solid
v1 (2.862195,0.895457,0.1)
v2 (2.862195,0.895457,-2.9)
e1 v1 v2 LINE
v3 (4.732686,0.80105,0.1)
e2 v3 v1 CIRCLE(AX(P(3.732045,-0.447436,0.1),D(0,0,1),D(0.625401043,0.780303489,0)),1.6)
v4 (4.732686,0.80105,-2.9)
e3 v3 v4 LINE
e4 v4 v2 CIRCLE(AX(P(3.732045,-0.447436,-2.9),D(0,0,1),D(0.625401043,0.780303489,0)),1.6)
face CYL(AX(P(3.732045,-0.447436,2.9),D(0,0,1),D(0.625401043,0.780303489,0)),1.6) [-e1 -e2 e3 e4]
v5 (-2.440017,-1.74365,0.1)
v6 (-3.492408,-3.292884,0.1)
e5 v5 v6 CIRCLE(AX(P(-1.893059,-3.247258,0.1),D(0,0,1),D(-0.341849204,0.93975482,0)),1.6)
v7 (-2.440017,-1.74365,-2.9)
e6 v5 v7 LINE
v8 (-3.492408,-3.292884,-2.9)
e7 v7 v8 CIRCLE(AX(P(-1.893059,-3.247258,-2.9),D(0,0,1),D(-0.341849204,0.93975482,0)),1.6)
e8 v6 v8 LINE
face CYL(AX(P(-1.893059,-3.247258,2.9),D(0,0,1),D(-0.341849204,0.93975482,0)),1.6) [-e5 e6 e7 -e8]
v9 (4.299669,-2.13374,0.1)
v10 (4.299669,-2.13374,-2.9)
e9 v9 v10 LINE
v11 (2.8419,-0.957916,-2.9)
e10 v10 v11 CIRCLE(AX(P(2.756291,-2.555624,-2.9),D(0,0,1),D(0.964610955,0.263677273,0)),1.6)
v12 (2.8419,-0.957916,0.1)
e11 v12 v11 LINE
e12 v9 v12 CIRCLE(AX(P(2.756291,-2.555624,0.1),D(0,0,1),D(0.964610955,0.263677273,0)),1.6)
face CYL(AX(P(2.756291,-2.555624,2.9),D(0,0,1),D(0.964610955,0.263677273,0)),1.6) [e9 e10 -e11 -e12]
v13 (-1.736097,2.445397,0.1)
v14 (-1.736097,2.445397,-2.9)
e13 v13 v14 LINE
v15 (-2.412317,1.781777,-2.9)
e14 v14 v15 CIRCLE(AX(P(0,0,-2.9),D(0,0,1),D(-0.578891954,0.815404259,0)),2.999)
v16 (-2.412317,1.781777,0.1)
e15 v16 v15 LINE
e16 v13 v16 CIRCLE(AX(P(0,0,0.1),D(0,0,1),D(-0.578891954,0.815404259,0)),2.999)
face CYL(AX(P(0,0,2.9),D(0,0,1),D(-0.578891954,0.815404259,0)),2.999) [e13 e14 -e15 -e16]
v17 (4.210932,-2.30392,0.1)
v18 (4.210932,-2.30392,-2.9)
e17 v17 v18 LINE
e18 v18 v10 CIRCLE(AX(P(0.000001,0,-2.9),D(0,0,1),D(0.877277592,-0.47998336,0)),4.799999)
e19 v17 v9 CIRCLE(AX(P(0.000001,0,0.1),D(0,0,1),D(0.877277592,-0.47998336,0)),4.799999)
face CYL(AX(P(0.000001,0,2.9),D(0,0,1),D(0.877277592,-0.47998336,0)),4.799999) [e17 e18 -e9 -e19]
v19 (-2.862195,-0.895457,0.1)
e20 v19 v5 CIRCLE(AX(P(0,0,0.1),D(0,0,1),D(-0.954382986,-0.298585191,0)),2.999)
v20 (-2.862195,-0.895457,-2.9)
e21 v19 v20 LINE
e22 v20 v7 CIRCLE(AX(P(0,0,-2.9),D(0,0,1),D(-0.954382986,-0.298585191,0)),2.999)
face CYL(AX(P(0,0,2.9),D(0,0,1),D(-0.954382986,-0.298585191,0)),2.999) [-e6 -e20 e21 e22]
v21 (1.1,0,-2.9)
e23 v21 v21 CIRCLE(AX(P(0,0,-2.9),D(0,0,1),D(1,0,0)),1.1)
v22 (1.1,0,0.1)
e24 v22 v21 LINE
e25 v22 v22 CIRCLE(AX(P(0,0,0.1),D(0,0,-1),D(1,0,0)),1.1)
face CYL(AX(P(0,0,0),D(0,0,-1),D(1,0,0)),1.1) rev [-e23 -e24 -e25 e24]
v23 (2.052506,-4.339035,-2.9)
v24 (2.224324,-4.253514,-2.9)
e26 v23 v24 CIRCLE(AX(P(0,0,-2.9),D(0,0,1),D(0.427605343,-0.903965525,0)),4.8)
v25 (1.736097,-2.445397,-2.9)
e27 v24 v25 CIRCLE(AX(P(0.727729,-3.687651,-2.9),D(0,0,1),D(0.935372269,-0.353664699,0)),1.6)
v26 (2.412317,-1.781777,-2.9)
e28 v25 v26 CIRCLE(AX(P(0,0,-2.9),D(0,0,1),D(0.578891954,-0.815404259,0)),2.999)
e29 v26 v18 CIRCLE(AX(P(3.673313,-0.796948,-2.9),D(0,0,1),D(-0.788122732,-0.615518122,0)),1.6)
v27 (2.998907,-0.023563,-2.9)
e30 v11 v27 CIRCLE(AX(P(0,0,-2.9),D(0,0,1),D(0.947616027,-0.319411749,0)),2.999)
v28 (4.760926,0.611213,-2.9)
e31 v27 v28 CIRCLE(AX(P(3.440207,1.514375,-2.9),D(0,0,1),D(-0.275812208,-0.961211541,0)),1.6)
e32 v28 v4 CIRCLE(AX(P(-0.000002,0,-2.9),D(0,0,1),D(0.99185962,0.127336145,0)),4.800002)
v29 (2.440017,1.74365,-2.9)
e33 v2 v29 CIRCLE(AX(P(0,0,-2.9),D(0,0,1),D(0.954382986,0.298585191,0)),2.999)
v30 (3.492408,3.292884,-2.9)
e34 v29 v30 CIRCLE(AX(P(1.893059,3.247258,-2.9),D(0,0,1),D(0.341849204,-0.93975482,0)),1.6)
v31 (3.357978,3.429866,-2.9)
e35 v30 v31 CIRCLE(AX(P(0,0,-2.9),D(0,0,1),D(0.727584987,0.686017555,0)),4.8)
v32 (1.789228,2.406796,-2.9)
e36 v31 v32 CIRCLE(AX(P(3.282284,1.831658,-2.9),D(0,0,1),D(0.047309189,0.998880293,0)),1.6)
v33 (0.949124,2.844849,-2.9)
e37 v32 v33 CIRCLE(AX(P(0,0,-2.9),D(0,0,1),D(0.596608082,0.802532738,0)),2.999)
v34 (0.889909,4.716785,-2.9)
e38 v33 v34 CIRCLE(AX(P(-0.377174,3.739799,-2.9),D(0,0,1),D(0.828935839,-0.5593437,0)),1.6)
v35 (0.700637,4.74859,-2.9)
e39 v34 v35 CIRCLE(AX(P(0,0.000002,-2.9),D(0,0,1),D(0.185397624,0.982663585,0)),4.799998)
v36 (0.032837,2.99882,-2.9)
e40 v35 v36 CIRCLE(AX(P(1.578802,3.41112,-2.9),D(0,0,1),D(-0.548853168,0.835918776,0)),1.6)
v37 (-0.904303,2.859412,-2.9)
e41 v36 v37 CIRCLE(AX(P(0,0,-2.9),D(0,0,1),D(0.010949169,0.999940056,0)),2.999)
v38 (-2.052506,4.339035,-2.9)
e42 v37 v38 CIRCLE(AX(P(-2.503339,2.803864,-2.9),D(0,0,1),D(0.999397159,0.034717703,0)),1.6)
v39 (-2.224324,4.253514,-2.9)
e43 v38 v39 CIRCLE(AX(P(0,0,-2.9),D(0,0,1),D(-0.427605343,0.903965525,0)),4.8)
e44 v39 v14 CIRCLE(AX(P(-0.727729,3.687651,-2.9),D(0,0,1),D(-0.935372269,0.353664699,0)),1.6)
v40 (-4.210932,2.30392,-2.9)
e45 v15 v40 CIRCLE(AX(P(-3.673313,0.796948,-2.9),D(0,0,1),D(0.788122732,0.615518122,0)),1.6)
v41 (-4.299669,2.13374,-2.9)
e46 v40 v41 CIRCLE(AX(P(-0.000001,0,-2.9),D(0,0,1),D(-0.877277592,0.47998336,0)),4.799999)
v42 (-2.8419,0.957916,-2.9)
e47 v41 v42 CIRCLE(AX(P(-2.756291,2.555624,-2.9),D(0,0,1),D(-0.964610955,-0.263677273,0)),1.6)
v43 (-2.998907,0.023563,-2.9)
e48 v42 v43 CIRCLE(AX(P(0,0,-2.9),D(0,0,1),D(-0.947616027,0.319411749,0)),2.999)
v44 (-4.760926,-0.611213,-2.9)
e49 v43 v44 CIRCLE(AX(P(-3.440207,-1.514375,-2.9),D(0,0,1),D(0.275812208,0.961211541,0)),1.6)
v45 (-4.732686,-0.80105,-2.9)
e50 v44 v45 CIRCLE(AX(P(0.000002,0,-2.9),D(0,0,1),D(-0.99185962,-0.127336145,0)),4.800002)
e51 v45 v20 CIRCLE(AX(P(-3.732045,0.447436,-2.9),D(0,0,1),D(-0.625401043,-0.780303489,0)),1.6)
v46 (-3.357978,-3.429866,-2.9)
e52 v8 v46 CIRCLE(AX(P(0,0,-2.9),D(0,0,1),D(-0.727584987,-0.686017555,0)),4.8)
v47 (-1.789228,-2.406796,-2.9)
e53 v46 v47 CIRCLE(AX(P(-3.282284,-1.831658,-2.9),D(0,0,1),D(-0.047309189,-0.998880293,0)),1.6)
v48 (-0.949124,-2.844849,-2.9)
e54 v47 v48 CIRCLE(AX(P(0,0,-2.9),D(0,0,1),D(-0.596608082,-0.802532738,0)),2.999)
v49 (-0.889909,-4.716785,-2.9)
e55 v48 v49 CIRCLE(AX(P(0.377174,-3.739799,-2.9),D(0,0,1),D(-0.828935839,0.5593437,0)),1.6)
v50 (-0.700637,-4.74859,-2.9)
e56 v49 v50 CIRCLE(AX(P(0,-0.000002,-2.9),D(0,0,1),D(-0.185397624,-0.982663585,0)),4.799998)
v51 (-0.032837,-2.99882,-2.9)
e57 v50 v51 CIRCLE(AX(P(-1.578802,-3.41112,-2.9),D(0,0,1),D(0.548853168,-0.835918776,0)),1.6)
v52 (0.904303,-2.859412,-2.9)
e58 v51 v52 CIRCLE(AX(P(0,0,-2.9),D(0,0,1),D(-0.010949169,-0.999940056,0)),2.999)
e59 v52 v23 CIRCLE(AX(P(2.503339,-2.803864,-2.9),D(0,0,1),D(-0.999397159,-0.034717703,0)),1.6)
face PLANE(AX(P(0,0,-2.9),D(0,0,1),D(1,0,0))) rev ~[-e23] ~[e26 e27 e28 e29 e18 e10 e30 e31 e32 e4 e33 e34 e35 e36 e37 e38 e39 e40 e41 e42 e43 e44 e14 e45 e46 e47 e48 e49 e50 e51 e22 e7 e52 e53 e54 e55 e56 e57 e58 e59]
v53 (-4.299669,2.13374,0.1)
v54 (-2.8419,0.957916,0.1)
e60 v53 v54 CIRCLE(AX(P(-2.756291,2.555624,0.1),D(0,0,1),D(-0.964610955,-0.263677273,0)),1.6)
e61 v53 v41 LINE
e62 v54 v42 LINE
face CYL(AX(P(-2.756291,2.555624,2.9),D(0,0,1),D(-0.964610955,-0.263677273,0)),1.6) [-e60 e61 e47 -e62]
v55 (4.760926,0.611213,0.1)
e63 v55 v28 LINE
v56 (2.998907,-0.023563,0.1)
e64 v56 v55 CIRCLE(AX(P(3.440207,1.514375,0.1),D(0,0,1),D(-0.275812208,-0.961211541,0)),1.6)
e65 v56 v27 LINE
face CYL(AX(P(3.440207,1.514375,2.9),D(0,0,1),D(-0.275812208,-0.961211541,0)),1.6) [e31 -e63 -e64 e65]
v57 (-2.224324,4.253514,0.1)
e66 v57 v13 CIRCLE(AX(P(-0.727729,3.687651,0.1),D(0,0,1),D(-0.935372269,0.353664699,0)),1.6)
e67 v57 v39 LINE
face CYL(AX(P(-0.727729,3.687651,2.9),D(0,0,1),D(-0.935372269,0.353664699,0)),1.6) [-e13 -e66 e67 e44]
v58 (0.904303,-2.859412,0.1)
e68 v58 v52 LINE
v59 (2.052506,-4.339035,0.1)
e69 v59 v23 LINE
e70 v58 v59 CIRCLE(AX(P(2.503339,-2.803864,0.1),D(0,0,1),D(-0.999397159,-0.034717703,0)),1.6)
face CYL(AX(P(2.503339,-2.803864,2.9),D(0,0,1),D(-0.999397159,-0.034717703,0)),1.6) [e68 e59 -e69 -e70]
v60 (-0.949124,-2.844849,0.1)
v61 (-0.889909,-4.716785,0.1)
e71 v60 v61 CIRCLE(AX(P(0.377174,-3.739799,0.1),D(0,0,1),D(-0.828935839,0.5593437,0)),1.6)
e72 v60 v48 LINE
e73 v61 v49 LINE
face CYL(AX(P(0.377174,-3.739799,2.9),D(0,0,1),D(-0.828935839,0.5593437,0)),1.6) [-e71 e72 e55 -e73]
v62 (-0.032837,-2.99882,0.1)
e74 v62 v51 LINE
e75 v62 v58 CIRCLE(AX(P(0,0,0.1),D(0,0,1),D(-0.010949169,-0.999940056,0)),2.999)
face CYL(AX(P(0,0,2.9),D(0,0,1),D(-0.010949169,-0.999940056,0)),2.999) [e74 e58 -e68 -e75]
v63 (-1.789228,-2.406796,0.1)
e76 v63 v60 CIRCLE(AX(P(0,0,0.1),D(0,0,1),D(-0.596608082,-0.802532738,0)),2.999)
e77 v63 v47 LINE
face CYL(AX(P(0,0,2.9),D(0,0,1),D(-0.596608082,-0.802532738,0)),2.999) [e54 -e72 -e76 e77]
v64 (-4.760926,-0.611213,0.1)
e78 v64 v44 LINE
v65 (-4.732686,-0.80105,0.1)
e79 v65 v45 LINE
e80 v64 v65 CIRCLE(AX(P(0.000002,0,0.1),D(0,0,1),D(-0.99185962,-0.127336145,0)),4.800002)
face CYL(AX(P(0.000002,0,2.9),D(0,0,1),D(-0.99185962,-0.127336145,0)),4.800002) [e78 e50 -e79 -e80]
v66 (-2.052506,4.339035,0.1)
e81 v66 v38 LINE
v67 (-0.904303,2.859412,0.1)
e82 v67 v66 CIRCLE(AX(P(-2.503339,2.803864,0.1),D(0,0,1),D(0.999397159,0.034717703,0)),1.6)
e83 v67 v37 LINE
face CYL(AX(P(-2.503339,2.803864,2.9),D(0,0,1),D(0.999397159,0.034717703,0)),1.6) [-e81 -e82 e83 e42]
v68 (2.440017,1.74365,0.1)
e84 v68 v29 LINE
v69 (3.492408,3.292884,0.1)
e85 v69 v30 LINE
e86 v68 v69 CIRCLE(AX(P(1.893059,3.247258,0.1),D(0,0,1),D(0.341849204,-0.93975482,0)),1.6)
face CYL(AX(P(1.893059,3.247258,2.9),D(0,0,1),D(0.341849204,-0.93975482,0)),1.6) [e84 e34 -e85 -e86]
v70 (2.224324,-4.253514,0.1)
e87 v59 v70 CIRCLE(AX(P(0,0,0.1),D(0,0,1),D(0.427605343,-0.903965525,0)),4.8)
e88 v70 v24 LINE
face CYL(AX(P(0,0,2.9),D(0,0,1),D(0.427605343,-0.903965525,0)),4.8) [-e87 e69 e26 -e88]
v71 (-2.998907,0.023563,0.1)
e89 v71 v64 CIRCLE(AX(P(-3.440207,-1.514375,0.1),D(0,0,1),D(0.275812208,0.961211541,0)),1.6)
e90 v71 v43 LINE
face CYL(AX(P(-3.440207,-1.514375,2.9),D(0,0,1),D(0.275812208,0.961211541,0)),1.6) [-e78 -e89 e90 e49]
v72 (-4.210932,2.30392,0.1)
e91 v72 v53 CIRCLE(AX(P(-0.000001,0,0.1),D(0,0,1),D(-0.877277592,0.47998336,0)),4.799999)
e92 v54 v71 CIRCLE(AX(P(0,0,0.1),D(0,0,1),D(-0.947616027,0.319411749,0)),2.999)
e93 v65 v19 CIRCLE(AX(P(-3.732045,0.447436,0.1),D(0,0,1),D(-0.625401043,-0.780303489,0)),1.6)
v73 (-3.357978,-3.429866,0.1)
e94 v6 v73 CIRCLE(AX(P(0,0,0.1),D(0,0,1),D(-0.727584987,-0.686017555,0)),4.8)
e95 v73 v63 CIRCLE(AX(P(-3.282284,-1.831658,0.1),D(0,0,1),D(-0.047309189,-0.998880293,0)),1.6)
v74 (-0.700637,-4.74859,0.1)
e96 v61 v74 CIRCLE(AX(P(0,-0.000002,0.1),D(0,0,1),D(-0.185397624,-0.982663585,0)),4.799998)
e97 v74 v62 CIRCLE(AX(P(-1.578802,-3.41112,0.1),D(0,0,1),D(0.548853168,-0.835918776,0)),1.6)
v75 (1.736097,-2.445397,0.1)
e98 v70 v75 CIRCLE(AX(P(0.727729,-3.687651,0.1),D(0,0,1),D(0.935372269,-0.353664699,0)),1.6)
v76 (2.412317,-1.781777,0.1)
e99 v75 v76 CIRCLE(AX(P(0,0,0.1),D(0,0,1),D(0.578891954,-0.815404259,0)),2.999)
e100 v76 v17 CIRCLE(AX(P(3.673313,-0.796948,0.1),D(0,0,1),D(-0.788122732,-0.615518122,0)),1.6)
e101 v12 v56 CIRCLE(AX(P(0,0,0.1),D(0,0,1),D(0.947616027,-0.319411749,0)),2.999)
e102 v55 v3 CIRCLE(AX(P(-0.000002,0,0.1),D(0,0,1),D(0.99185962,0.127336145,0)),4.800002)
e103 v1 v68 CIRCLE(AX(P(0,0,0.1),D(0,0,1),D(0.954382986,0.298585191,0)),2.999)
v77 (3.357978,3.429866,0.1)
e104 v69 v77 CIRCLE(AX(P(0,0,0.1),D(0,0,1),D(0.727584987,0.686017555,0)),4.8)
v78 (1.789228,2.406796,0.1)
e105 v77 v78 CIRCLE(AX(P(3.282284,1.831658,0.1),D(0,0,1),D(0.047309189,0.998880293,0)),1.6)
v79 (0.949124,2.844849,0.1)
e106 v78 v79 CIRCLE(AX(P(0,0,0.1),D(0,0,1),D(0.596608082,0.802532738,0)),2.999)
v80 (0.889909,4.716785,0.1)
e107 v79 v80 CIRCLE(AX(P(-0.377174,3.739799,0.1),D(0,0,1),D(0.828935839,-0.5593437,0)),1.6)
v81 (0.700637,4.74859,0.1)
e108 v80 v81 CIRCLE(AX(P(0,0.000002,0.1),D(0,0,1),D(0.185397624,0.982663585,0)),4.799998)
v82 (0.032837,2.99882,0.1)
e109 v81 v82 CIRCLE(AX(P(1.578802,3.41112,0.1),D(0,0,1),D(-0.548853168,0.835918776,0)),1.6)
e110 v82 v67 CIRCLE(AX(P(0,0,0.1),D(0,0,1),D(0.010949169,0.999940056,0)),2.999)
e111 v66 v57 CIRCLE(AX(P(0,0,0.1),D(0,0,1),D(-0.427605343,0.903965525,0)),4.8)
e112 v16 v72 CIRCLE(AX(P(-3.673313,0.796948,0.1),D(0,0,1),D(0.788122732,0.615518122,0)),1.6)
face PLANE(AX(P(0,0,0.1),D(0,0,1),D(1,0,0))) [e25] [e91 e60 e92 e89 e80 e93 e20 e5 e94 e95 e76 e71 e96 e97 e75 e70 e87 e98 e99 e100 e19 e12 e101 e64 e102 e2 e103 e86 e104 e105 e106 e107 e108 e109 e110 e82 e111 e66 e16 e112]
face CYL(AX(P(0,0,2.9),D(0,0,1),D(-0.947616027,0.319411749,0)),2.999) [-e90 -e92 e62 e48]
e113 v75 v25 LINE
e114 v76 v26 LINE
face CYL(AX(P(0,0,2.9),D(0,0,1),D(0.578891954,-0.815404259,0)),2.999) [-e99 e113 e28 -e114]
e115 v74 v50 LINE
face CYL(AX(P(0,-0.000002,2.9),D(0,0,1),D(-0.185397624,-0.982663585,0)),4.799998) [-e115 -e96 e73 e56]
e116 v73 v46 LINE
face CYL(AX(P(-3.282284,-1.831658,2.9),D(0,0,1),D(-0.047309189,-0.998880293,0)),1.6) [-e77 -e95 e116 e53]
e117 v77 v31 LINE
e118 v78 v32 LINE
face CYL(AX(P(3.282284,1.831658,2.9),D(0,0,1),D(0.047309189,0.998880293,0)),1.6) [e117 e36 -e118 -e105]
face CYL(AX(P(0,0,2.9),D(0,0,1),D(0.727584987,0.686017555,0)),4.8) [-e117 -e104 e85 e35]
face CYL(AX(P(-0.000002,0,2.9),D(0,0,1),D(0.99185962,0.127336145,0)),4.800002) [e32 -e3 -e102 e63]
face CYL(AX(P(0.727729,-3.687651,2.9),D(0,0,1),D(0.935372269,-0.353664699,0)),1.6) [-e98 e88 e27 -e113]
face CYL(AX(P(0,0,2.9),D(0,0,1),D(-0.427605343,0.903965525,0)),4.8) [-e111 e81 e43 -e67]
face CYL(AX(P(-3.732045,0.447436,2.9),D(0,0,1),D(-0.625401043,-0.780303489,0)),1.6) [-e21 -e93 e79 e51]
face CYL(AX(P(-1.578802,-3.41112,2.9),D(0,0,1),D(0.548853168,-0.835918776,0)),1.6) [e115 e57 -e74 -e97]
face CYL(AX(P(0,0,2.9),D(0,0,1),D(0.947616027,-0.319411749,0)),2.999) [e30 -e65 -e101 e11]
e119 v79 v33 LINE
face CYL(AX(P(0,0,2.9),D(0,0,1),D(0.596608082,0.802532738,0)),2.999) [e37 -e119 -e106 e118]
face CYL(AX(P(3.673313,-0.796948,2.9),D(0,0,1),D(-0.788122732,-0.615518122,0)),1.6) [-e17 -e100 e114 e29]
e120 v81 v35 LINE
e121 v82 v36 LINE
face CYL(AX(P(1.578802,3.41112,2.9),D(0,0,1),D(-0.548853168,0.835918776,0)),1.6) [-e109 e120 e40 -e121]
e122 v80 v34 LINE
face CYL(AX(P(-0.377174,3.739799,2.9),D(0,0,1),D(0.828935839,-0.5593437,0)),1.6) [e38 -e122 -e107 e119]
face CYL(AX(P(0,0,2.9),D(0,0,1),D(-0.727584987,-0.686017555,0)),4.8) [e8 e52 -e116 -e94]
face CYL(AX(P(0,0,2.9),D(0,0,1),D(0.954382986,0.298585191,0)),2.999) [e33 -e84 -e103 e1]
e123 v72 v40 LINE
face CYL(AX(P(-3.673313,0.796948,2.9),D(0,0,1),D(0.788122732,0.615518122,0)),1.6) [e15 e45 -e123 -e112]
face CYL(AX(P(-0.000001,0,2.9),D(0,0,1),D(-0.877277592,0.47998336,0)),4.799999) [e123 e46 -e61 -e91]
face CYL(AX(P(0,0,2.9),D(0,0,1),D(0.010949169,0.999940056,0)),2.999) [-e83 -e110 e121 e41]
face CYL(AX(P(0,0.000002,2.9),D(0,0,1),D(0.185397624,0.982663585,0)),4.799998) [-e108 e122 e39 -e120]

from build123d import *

# Parameters (mm, degrees)
SKETCH1_R           = 6
SKETCH1_R_2         = 1.1
BOSS_EXTRUDE1_DEPTH = 2.9
SKETCH2_R           = 6
CUT_EXTRUDE1_DEPTH  = 11.278132126
CUT_EXTRUDE2_DEPTH  = 2.8


with BuildPart() as part:
    # Sketch1 → Boss-Extrude1 (new, symmetric)
    with BuildSketch(Plane.XY):
        Circle(SKETCH1_R)
        Circle(SKETCH1_R_2, mode=Mode.SUBTRACT)
    extrude(amount=BOSS_EXTRUDE1_DEPTH, both=True)

    # Sketch2 → Cut-Extrude1 (cut, through all)
    with BuildSketch(Plane.XY.offset(2.9)):
        Circle(SKETCH2_R)
        with BuildLine():
            ThreePointArc((-0.904303163, 2.859411966), (-1.23929318, 3.784776039), (-2.052505646, 4.339034521))
            ThreePointArc((-2.052505646, 4.339034521), (-2.138842368, 4.297133152), (-2.224324134, 4.253514094))
            ThreePointArc((-2.224324134, 4.253514094), (-2.272407373, 3.270556831), (-1.736096974, 2.44539737))
            ThreePointArc((-1.736096974, 2.44539737), (-2.100579038, 2.140459929), (-2.412316811, 1.781776811))
            ThreePointArc((-2.412316811, 1.781776811), (-3.227244783, 2.333509881), (-4.210932449, 2.303920118))
            ThreePointArc((-4.210932449, 2.303920118), (-4.256151318, 2.219273746), (-4.29966888, 2.133740266))
            ThreePointArc((-4.29966888, 2.133740266), (-3.760801254, 1.310248516), (-2.841900466, 0.957915832))
            ThreePointArc((-2.841900466, 0.957915832), (-2.957534919, 0.496979078), (-2.998907428, 0.023563475))
            ThreePointArc((-2.998907428, 0.023563475), (-3.982498568, -0.009077739), (-4.760926181, -0.611213463))
            ThreePointArc((-4.760926181, -0.611213463), (-4.747755125, -0.706272801), (-4.732686255, -0.801049821))
            ThreePointArc((-4.732686255, -0.801049821), (-3.812696882, -1.150530198), (-2.862194572, -0.895456995))
            ThreePointArc((-2.862194572, -0.895456995), (-2.684812984, -1.336330888), (-2.440017337, -1.743650307))
            ThreePointArc((-2.440017337, -1.743650307), (-3.216573261, -2.348197971), (-3.49240793, -3.292884275))
            ThreePointArc((-3.49240793, -3.292884275), (-3.425877845, -3.362047143), (-3.357978338, -3.429866103))
            ThreePointArc((-3.357978338, -3.429866103), (-2.408271889, -3.171845481), (-1.789227635, -2.406795685))
            ThreePointArc((-1.789227635, -2.406795685), (-1.386583742, -2.659207876), (-0.949123556, -2.844848937))
            ThreePointArc((-0.949123556, -2.844848937), (-1.222026295, -3.79038639), (-0.889908552, -4.716785215))
            ThreePointArc((-0.889908552, -4.716785215), (-0.795431669, -4.733633748), (-0.700636829, -4.74859011))
            ThreePointArc((-0.700636829, -4.74859011), (-0.083968889, -3.981623598), (-0.032836554, -2.998820228))
            ThreePointArc((-0.032836554, -2.998820228), (0.44127336, -2.966357838), (0.904303163, -2.859411966))
            ThreePointArc((0.904303163, -2.859411966), (1.23929318, -3.784776039), (2.052505646, -4.339034521))
            ThreePointArc((2.052505646, -4.339034521), (2.138842368, -4.297133152), (2.224324134, -4.253514094))
            ThreePointArc((2.224324134, -4.253514094), (2.272407373, -3.270556831), (1.736096974, -2.44539737))
            ThreePointArc((1.736096974, -2.44539737), (2.100579038, -2.140459929), (2.412316811, -1.781776811))
            ThreePointArc((2.412316811, -1.781776811), (3.227244783, -2.333509881), (4.210932449, -2.303920118))
            ThreePointArc((4.210932449, -2.303920118), (4.256151318, -2.219273746), (4.29966888, -2.133740266))
            ThreePointArc((4.29966888, -2.133740266), (3.760801254, -1.310248516), (2.841900466, -0.957915832))
            ThreePointArc((2.841900466, -0.957915832), (2.957534919, -0.496979078), (2.998907428, -0.023563475))
            ThreePointArc((2.998907428, -0.023563475), (3.982498568, 0.009077739), (4.760926181, 0.611213463))
            ThreePointArc((4.760926181, 0.611213463), (4.747755125, 0.706272801), (4.732686255, 0.801049821))
            ThreePointArc((4.732686255, 0.801049821), (3.812696882, 1.150530198), (2.862194572, 0.895456995))
            ThreePointArc((2.862194572, 0.895456995), (2.684812984, 1.336330888), (2.440017337, 1.743650307))
            ThreePointArc((2.440017337, 1.743650307), (3.216573261, 2.348197971), (3.49240793, 3.292884275))
            ThreePointArc((3.49240793, 3.292884275), (3.425877845, 3.362047143), (3.357978338, 3.429866103))
            ThreePointArc((3.357978338, 3.429866103), (2.408271889, 3.171845481), (1.789227635, 2.406795685))
            ThreePointArc((1.789227635, 2.406795685), (1.386583742, 2.659207876), (0.949123556, 2.844848937))
            ThreePointArc((0.949123556, 2.844848937), (1.222026295, 3.79038639), (0.889908552, 4.716785215))
            ThreePointArc((0.889908552, 4.716785215), (0.795431669, 4.733633748), (0.700636829, 4.74859011))
            ThreePointArc((0.700636829, 4.74859011), (0.083968889, 3.981623598), (0.032836554, 2.998820228))
            ThreePointArc((0.032836554, 2.998820228), (-0.44127336, 2.966357838), (-0.904303163, 2.859411966))
        make_face(mode=Mode.SUBTRACT)
    extrude(amount=-CUT_EXTRUDE1_DEPTH, mode=Mode.SUBTRACT)

    # Sketch3 → Cut-Extrude2 (cut)
    with BuildSketch(Plane.XY.offset(2.9)):
        with BuildLine():
            ThreePointArc((0.700636829, 4.74859011), (0.083968889, 3.981623598), (0.032836554, 2.998820228))
            ThreePointArc((0.032836554, 2.998820228), (-0.44127336, 2.966357838), (-0.904303163, 2.859411966))
            ThreePointArc((-0.904303163, 2.859411966), (-1.23929318, 3.784776039), (-2.052505646, 4.339034521))
            ThreePointArc((-2.052505646, 4.339034521), (-2.138842368, 4.297133152), (-2.224324134, 4.253514094))
            ThreePointArc((-2.224324134, 4.253514094), (-2.272407373, 3.270556831), (-1.736096974, 2.44539737))
            ThreePointArc((-1.736096974, 2.44539737), (-2.100579038, 2.140459929), (-2.412316811, 1.781776811))
            ThreePointArc((-2.412316811, 1.781776811), (-3.227244783, 2.333509881), (-4.210932449, 2.303920118))
            ThreePointArc((-4.210932449, 2.303920118), (-4.256151318, 2.219273746), (-4.29966888, 2.133740266))
            ThreePointArc((-4.29966888, 2.133740266), (-3.760801254, 1.310248516), (-2.841900466, 0.957915832))
            ThreePointArc((-2.841900466, 0.957915832), (-2.957534919, 0.496979078), (-2.998907428, 0.023563475))
            ThreePointArc((-2.998907428, 0.023563475), (-3.982498568, -0.009077739), (-4.760926181, -0.611213463))
            ThreePointArc((-4.760926181, -0.611213463), (-4.747755125, -0.706272801), (-4.732686255, -0.801049821))
            ThreePointArc((-4.732686255, -0.801049821), (-3.812696882, -1.150530198), (-2.862194572, -0.895456995))
            ThreePointArc((-2.862194572, -0.895456995), (-2.684812984, -1.336330888), (-2.440017337, -1.743650307))
            ThreePointArc((-2.440017337, -1.743650307), (-3.216573261, -2.348197971), (-3.49240793, -3.292884275))
            ThreePointArc((-3.49240793, -3.292884275), (-3.425877845, -3.362047143), (-3.357978338, -3.429866103))
            ThreePointArc((-3.357978338, -3.429866103), (-2.408271889, -3.171845481), (-1.789227635, -2.406795685))
            ThreePointArc((-1.789227635, -2.406795685), (-1.386583742, -2.659207876), (-0.949123556, -2.844848937))
            ThreePointArc((-0.949123556, -2.844848937), (-1.222026295, -3.79038639), (-0.889908552, -4.716785215))
            ThreePointArc((-0.889908552, -4.716785215), (-0.795431669, -4.733633748), (-0.700636829, -4.74859011))
            ThreePointArc((-0.700636829, -4.74859011), (-0.083968889, -3.981623598), (-0.032836554, -2.998820228))
            ThreePointArc((-0.032836554, -2.998820228), (0.44127336, -2.966357838), (0.904303163, -2.859411966))
            ThreePointArc((0.904303163, -2.859411966), (1.23929318, -3.784776039), (2.052505646, -4.339034521))
            ThreePointArc((2.052505646, -4.339034521), (2.138842368, -4.297133152), (2.224324134, -4.253514094))
            ThreePointArc((2.224324134, -4.253514094), (2.272407373, -3.270556831), (1.736096974, -2.44539737))
            ThreePointArc((1.736096974, -2.44539737), (2.100579038, -2.140459929), (2.412316811, -1.781776811))
            ThreePointArc((2.412316811, -1.781776811), (3.227244783, -2.333509881), (4.210932449, -2.303920118))
            ThreePointArc((4.210932449, -2.303920118), (4.256151318, -2.219273746), (4.29966888, -2.133740266))
            ThreePointArc((4.29966888, -2.133740266), (3.760801254, -1.310248516), (2.841900466, -0.957915832))
            ThreePointArc((2.841900466, -0.957915832), (2.957534919, -0.496979078), (2.998907428, -0.023563475))
            ThreePointArc((2.998907428, -0.023563475), (3.982498568, 0.009077739), (4.760926181, 0.611213463))
            ThreePointArc((4.760926181, 0.611213463), (4.747755125, 0.706272801), (4.732686255, 0.801049821))
            ThreePointArc((4.732686255, 0.801049821), (3.812696882, 1.150530198), (2.862194572, 0.895456995))
            ThreePointArc((2.862194572, 0.895456995), (2.684812984, 1.336330888), (2.440017337, 1.743650307))
            ThreePointArc((2.440017337, 1.743650307), (3.216573261, 2.348197971), (3.49240793, 3.292884275))
            ThreePointArc((3.49240793, 3.292884275), (3.425877845, 3.362047143), (3.357978338, 3.429866103))
            ThreePointArc((3.357978338, 3.429866103), (2.408271889, 3.171845481), (1.789227635, 2.406795685))
            ThreePointArc((1.789227635, 2.406795685), (1.386583742, 2.659207876), (0.949123556, 2.844848937))
            ThreePointArc((0.949123556, 2.844848937), (1.222026295, 3.79038639), (0.889908552, 4.716785215))
            ThreePointArc((0.889908552, 4.716785215), (0.795431669, 4.733633748), (0.700636829, 4.74859011))
        make_face()
    extrude(amount=-CUT_EXTRUDE2_DEPTH, mode=Mode.SUBTRACT)


solid = part.part
